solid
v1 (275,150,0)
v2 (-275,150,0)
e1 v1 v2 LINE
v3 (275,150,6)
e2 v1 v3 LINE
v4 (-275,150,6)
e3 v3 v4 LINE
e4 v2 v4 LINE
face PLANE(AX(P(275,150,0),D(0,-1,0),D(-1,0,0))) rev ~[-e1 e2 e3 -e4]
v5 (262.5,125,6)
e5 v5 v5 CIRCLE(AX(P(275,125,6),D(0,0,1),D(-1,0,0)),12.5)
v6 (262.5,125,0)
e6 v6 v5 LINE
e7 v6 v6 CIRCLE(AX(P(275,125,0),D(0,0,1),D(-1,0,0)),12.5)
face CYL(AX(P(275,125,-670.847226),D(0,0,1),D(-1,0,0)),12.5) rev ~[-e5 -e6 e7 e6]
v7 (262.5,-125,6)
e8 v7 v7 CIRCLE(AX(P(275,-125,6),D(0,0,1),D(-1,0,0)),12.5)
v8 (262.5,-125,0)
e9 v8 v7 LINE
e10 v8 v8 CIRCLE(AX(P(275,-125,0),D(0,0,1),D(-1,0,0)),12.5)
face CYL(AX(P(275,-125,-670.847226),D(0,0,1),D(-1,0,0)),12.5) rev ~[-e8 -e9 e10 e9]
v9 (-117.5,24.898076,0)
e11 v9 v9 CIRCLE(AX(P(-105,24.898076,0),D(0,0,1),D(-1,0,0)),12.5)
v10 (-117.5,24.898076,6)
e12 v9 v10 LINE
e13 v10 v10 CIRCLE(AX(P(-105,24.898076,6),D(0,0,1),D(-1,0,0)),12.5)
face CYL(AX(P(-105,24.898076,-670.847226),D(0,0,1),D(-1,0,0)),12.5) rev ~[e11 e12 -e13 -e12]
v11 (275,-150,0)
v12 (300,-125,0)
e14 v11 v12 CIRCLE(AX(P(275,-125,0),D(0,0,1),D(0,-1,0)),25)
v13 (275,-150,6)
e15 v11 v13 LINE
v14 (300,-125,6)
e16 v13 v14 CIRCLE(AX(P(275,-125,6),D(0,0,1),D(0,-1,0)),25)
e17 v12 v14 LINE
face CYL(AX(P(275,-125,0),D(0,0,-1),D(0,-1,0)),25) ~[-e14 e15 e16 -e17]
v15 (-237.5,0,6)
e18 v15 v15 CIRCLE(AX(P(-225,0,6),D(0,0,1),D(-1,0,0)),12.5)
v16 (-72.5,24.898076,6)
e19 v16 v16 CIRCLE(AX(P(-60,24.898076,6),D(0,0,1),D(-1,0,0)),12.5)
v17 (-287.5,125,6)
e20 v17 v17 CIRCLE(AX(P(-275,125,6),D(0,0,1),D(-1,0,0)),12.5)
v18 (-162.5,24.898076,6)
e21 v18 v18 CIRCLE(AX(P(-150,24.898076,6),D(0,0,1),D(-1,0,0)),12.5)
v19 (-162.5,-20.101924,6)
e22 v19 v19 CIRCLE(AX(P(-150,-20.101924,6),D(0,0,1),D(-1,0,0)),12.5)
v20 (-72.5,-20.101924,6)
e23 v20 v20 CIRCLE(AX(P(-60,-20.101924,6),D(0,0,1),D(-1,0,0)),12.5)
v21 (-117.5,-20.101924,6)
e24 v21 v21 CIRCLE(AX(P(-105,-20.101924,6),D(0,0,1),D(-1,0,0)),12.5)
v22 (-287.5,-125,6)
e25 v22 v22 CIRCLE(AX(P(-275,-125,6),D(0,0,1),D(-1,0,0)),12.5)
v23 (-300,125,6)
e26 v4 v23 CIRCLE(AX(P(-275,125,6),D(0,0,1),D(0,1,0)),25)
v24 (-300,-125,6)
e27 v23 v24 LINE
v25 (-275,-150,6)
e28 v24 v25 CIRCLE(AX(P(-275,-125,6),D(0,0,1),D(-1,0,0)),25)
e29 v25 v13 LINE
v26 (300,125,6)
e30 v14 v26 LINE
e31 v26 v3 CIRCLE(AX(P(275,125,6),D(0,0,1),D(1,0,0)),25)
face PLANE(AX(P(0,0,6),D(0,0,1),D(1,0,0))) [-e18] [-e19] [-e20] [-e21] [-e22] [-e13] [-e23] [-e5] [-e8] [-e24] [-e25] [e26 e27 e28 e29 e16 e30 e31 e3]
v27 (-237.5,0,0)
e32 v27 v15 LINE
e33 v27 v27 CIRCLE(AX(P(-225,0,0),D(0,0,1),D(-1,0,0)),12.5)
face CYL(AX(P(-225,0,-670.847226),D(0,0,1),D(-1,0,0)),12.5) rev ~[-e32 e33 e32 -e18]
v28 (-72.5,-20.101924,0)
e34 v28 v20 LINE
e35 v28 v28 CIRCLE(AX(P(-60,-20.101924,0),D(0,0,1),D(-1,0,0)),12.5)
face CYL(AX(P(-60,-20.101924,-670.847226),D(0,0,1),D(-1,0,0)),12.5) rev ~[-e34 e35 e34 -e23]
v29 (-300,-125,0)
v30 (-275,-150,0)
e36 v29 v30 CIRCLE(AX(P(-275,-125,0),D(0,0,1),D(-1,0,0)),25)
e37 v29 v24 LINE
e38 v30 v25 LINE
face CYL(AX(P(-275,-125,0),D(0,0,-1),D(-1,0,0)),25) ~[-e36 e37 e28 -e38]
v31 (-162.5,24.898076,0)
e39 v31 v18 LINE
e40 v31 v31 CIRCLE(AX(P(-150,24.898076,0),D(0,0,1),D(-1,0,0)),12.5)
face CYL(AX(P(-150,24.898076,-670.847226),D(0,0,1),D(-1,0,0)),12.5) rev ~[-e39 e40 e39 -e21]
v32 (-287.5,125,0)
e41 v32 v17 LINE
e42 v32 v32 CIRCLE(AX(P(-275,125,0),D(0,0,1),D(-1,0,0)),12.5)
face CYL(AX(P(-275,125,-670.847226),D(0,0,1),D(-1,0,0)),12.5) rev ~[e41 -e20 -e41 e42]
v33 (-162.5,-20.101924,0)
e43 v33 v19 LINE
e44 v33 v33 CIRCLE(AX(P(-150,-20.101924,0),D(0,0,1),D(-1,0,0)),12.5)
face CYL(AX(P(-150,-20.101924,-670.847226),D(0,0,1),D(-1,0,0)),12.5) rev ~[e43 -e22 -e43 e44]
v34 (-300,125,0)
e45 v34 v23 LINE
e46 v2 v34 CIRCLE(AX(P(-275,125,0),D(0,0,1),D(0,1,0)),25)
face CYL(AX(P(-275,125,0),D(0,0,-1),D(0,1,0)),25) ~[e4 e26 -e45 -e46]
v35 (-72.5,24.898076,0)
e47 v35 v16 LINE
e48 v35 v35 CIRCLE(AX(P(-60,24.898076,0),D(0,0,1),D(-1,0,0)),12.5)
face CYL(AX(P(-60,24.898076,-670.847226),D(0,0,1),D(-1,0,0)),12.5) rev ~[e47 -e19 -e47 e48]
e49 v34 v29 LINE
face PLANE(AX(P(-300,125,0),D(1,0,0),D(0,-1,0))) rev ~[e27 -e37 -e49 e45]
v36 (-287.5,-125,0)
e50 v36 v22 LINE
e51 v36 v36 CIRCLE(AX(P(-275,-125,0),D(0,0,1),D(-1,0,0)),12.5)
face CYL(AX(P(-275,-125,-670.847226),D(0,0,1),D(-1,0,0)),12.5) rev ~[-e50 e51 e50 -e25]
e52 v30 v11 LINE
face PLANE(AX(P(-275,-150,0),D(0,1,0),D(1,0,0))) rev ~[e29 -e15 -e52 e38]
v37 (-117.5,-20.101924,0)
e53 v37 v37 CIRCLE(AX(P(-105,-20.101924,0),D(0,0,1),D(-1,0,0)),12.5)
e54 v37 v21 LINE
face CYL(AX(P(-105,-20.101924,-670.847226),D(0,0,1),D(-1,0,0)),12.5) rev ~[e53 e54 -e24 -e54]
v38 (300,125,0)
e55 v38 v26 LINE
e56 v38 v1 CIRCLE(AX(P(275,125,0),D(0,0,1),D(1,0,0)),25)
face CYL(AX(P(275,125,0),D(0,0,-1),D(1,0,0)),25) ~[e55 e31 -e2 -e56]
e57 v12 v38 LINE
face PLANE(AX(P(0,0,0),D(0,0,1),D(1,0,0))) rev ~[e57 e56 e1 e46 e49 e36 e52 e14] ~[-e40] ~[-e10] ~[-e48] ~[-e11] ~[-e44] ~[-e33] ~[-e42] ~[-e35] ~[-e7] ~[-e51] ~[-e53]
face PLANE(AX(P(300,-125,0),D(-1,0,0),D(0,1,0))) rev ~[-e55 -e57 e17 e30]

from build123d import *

# Parameters (mm, degrees)
F1_DEPTH = 6
F2_D     = 25
F3_D     = 25
F4_D     = 25
F5_D     = 25


with BuildPart() as f1:
    # F0 (on Top) → F1 (new body)
    with BuildSketch(Plane.XY):
        with BuildLine():
            Line((-275, -150), (275, -150))
            ThreePointArc((275, -150), (292.6776695297, -142.6776695297), (300, -125))
            Line((300, -125), (300, 125))
            ThreePointArc((300, 125), (292.6776695297, 142.6776695297), (275, 150))
            Line((275, 150), (-275, 150))
            ThreePointArc((-275, 150), (-292.6776695297, 142.6776695297), (-300, 125))
            Line((-300, 125), (-300, -125))
            ThreePointArc((-300, -125), (-292.6776695297, -142.6776695297), (-275, -150))
        make_face()
    extrude(amount=F1_DEPTH)

    # F2 (through all)
    with Locations(Plane(origin=(0, 0, 0), x_dir=(1, 0, 0), z_dir=(0, 0, -1))):
        with Locations((-275, 125)):
            Hole(F2_D / 2)

    # F3 (through all)
    with Locations(Plane(origin=(0, 0, 0), x_dir=(1, 0, 0), z_dir=(0, 0, -1))):
        with Locations((-275, -125), (275, 125)):
            Hole(F3_D / 2)

    # F4 (through all)
    with Locations(Plane(origin=(0, 0, 0), x_dir=(1, 0, 0), z_dir=(0, 0, -1))):
        with Locations((275, -125)):
            Hole(F4_D / 2)

    # F5 (through all)
    with Locations(Plane(origin=(0, 0, 0), x_dir=(1, 0, 0), z_dir=(0, 0, -1))):
        with Locations((-150, -24.8980756774), (-105, -24.8980756774), (-60, -24.8980756774), (-60, 20.1019243226), (-105, 20.1019243226), (-150, 20.1019243226), (-225, 0)):
            Hole(F5_D / 2)


solid = f1.part
